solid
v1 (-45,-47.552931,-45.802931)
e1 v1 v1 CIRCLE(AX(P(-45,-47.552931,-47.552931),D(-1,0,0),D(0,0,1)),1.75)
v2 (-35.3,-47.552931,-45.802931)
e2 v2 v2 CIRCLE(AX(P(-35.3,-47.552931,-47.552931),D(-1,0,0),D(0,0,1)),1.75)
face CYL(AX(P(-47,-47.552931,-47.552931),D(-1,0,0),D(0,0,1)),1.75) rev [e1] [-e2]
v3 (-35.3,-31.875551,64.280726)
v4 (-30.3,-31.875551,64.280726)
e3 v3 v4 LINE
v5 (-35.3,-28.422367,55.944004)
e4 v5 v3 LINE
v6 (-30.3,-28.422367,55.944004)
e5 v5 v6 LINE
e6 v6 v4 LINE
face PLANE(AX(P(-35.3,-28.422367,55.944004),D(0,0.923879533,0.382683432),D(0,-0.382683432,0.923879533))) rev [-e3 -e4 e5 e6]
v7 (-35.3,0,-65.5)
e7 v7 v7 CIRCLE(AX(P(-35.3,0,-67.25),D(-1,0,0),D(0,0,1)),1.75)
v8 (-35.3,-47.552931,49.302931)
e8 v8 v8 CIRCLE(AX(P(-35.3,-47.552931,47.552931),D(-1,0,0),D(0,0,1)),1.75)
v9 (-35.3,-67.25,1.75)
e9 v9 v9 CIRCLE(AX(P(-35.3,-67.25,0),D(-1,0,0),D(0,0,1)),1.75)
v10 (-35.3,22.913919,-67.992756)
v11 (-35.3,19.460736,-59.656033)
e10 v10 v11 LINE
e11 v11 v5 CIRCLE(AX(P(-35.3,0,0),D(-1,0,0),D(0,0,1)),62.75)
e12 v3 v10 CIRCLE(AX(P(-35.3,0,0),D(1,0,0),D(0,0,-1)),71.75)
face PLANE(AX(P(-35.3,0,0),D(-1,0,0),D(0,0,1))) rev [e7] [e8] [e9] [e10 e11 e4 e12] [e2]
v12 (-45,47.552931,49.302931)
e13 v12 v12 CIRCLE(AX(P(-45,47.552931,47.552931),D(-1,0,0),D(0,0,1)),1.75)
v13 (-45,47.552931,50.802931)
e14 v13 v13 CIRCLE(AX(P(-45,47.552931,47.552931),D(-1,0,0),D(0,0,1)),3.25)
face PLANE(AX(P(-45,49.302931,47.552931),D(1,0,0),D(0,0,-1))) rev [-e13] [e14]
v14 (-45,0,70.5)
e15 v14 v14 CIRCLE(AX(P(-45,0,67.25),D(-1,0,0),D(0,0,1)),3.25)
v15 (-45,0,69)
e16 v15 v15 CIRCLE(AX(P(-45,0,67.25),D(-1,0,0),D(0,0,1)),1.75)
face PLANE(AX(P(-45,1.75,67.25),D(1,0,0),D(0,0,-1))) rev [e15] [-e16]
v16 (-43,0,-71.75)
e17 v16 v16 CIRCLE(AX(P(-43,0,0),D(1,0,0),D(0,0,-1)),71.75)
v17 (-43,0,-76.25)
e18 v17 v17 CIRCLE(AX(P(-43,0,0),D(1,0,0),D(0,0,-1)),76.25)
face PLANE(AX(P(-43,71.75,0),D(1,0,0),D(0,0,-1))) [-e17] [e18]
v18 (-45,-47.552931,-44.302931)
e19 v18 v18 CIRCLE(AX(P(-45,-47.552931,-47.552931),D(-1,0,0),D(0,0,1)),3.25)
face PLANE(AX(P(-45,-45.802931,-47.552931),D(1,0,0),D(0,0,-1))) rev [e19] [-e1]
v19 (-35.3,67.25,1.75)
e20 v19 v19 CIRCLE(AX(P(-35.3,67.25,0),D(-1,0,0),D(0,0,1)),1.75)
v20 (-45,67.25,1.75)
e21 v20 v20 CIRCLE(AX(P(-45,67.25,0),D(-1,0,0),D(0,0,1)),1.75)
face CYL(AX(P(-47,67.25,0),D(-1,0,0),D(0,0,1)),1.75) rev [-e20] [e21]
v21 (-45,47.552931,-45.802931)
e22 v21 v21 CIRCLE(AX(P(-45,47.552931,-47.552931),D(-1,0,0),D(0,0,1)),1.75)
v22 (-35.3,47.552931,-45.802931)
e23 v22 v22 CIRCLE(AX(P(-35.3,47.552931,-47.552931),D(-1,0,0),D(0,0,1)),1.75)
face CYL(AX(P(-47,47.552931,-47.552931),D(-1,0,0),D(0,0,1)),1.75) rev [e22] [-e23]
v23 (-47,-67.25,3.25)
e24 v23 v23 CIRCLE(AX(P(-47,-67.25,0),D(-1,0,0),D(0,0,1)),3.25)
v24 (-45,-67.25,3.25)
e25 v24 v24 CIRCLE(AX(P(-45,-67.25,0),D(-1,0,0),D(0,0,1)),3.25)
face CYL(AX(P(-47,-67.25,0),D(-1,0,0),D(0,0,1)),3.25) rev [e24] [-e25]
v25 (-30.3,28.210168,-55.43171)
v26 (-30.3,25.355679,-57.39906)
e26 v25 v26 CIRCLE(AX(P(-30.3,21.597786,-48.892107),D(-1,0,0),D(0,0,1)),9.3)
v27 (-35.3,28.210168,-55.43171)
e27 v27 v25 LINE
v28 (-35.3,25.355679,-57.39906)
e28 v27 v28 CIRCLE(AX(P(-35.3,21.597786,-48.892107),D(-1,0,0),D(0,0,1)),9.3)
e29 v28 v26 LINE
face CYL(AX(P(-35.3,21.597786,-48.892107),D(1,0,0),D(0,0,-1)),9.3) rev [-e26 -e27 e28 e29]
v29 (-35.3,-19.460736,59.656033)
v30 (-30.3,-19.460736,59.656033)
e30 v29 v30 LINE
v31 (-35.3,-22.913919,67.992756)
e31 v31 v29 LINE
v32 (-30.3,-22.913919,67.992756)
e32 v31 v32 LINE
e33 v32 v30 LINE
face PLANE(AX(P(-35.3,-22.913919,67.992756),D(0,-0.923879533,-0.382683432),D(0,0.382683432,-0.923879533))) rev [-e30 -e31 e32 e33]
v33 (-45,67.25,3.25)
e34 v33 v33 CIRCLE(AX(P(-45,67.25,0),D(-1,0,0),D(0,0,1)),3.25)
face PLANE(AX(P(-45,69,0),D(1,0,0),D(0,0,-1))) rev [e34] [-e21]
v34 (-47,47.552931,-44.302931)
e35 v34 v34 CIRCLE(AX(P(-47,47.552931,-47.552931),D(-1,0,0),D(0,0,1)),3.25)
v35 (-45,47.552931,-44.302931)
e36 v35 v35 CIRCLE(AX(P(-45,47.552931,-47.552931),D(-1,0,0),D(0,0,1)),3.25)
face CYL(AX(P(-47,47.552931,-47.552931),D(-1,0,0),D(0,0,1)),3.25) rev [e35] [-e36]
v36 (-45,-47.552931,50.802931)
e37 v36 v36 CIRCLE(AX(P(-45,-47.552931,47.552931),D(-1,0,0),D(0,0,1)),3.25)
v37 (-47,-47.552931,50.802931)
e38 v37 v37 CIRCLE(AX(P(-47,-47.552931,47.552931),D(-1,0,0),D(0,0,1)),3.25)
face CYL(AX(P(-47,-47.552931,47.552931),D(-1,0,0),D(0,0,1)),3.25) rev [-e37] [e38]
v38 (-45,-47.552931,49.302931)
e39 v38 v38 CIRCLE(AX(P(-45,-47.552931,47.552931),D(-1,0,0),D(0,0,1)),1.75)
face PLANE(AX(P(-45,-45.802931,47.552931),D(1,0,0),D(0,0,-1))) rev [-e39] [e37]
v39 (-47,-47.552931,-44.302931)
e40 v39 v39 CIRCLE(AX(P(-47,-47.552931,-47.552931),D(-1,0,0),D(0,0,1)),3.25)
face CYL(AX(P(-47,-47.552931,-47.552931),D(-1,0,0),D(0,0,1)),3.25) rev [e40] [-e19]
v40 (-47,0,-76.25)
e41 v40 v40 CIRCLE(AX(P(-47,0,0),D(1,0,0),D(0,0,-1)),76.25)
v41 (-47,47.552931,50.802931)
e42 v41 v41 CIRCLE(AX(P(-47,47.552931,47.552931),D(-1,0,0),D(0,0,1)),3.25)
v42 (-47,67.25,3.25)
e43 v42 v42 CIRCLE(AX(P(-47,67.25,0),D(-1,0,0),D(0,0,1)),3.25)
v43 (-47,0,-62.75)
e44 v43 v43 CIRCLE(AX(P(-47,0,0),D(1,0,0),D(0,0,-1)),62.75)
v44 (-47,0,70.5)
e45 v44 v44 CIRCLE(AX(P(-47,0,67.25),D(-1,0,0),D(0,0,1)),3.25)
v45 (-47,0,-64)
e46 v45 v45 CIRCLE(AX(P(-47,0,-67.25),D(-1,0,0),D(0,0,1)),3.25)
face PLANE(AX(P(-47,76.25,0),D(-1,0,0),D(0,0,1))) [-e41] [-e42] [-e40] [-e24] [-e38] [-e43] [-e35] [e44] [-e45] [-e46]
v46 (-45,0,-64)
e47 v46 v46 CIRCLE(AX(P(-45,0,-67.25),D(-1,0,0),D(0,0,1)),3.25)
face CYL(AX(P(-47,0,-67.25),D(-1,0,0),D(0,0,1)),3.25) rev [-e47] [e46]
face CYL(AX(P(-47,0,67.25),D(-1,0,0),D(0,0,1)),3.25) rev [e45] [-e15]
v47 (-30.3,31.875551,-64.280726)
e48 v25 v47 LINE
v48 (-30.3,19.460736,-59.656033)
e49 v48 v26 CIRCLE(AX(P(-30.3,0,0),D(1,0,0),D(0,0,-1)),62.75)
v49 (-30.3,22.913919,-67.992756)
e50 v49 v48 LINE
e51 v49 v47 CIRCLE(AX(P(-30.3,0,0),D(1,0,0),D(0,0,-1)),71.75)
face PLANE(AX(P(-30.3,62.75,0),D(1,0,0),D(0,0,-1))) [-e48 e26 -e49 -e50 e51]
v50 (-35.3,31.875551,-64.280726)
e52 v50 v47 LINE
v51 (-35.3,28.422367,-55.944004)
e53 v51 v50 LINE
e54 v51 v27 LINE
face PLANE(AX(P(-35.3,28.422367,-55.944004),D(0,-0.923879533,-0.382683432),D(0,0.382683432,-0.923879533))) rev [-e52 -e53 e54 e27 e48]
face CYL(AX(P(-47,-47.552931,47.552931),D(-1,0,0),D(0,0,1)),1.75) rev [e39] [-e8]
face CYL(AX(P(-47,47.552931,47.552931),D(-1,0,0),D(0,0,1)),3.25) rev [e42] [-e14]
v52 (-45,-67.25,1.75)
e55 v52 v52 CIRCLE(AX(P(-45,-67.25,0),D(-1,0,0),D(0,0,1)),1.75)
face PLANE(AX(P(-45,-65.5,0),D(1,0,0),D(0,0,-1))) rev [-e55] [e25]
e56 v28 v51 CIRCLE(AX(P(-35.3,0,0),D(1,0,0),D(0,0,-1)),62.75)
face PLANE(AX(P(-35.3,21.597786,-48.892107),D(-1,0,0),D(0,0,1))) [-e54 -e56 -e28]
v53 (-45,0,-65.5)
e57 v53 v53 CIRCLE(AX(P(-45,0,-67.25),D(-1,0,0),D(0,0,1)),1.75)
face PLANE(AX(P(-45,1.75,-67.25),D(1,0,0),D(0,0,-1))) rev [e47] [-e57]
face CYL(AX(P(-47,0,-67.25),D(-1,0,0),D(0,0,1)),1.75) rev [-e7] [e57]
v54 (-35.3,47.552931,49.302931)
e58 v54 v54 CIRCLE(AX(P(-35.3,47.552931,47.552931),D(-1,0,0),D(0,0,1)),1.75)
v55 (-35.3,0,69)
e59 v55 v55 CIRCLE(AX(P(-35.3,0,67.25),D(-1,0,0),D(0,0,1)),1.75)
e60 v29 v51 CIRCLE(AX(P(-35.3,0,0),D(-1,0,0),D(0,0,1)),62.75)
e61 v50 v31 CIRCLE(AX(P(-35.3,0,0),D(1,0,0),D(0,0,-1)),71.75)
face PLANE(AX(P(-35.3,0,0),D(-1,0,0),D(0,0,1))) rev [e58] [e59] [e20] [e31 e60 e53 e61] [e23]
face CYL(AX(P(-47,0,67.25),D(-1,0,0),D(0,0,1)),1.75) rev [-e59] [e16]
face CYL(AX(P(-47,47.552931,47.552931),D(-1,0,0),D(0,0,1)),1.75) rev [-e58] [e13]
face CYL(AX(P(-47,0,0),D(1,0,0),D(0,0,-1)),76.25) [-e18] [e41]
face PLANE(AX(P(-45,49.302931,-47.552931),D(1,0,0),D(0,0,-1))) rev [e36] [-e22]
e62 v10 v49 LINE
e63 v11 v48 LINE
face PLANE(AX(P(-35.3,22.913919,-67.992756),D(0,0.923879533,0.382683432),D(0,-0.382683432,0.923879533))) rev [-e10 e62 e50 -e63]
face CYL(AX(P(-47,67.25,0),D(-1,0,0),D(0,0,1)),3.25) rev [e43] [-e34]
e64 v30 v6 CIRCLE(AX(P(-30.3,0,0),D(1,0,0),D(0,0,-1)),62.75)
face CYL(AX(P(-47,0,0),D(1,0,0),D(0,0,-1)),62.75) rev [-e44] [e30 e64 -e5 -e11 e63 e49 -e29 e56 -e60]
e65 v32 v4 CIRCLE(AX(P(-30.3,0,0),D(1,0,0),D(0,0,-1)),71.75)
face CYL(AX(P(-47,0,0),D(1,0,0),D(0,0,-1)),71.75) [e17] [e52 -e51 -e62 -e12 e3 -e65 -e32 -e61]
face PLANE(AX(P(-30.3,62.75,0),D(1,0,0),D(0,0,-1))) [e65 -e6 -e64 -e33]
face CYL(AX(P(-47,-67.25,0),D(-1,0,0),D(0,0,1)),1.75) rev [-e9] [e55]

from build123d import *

# Parameters (mm, degrees)
CUT_EXTRUDE_1_DEPTH       = 5
CUT_EXTRUDE_2_DEPTH       = 5
EXTRUDE_1_DEPTH           = 5
HOLE_WIZARD_1_D           = 3.5
HOLE_WIZARD_1_DEPTH       = 16.7
HOLE_WIZARD_1_CBORE_D     = 6.5
HOLE_WIZARD_1_CBORE_DEPTH = 2
HOLE_WIZARD_2_D           = 3.5
HOLE_WIZARD_2_DEPTH       = 16.7
HOLE_WIZARD_2_CBORE_D     = 6.5
HOLE_WIZARD_2_CBORE_DEPTH = 2
HOLE_WIZARD_3_D           = 3.5
HOLE_WIZARD_3_DEPTH       = 16.7
HOLE_WIZARD_3_CBORE_D     = 6.5
HOLE_WIZARD_3_CBORE_DEPTH = 2
HOLE_WIZARD_4_D           = 3.5
HOLE_WIZARD_4_DEPTH       = 16.7
HOLE_WIZARD_4_CBORE_D     = 6.5
HOLE_WIZARD_4_CBORE_DEPTH = 2
HOLE_WIZARD_5_D           = 3.5
HOLE_WIZARD_5_DEPTH       = 16.7
HOLE_WIZARD_5_CBORE_D     = 6.5
HOLE_WIZARD_5_CBORE_DEPTH = 2
HOLE_WIZARD_6_D           = 3.5
HOLE_WIZARD_6_DEPTH       = 16.7
HOLE_WIZARD_6_CBORE_D     = 6.5
HOLE_WIZARD_6_CBORE_DEPTH = 2
HOLE_WIZARD_7_D           = 3.5
HOLE_WIZARD_7_DEPTH       = 16.7
HOLE_WIZARD_7_CBORE_D     = 6.5
HOLE_WIZARD_7_CBORE_DEPTH = 2
HOLE_WIZARD_8_D           = 3.5
HOLE_WIZARD_8_DEPTH       = 16.7
HOLE_WIZARD_8_CBORE_D     = 6.5
HOLE_WIZARD_8_CBORE_DEPTH = 2


with BuildPart() as part:
    # 草图2 → 旋转1 (revolve)
    with BuildSketch(Plane.XY, mode=Mode.PRIVATE) as revolve_1_sk:
        Polygon((-30.3, 71.75), (-43, 71.75), (-43, 76.25), (-47, 76.25), (-47, 62.75), (-30.3, 62.75), align=None)
    revolve(revolve_1_sk.sketch.rotate(Axis((-47, 0, 0), (1, 0, 0)), 270), axis=Axis((-47, 0, 0), (1, 0, 0)))

    # 草图3 → 切除-拉伸1 (cut)
    with BuildSketch(Plane(origin=(-30.3, 0, 0), x_dir=(0, 0, -1), z_dir=(1, 0, 0))):
        with BuildLine():
            Line((55.944003631, 28.422367209), (64.280726218, 31.87555077))
            ThreePointArc((64.280726218, 31.87555077), (-27.457536272, 66.288356458), (-67.992755512, -22.913919305))
            Line((-67.992755512, -22.913919305), (-59.656032925, -19.460735743))
            ThreePointArc((-59.656032925, -19.460735743), (-24.013385381, 57.973440665), (55.944003631, 28.422367209))
        make_face()
    extrude(amount=-CUT_EXTRUDE_1_DEPTH, mode=Mode.SUBTRACT)

    # 草图4 → 切除-拉伸2 (cut)
    with BuildSketch(Plane(origin=(-30.3, 0, 0), x_dir=(0, 0, -1), z_dir=(1, 0, 0))):
        with BuildLine():
            Line((-55.944003631, -28.422367209), (-64.280726218, -31.87555077))
            ThreePointArc((-64.280726218, -31.87555077), (27.457536272, -66.288356458), (67.992755512, 22.913919305))
            Line((67.992755512, 22.913919305), (59.656032925, 19.460735743))
            ThreePointArc((59.656032925, 19.460735743), (24.013385381, -57.973440665), (-55.944003631, -28.422367209))
        make_face()
    extrude(amount=-CUT_EXTRUDE_2_DEPTH, mode=Mode.SUBTRACT)

    # 草图5 → 凸台-拉伸1 (add)
    with BuildSketch(Plane(origin=(-30.3, 0, 0), x_dir=(0, 0, -1), z_dir=(1, 0, 0))):
        with BuildLine():
            Line((55.944003631, 28.422367209), (55.431709583, 28.210168066))
            ThreePointArc((55.431709583, 28.210168066), (56.54956954, 26.875405525), (57.39905958, 25.355679036))
            ThreePointArc((57.39905958, 25.355679036), (56.692271418, 26.898863571), (55.944003631, 28.422367209))
        make_face()
    extrude(amount=-EXTRUDE_1_DEPTH)

    # 孔1
    with Locations(Plane.ZY.offset(47)):
        with Locations((-67.25, 0)):
            CounterBoreHole(HOLE_WIZARD_1_D / 2, HOLE_WIZARD_1_CBORE_D / 2, HOLE_WIZARD_1_CBORE_DEPTH, depth=HOLE_WIZARD_1_DEPTH)

    # 孔2
    with Locations(Plane.ZY.offset(47)):
        with Locations((-47.552931035, 47.552931035)):
            CounterBoreHole(HOLE_WIZARD_2_D / 2, HOLE_WIZARD_2_CBORE_D / 2, HOLE_WIZARD_2_CBORE_DEPTH, depth=HOLE_WIZARD_2_DEPTH)

    # 孔3
    with Locations(Plane.ZY.offset(47)):
        with Locations((0, 67.25)):
            CounterBoreHole(HOLE_WIZARD_3_D / 2, HOLE_WIZARD_3_CBORE_D / 2, HOLE_WIZARD_3_CBORE_DEPTH, depth=HOLE_WIZARD_3_DEPTH)

    # 孔4
    with Locations(Plane.ZY.offset(47)):
        with Locations((47.552931035, 47.552931035)):
            CounterBoreHole(HOLE_WIZARD_4_D / 2, HOLE_WIZARD_4_CBORE_D / 2, HOLE_WIZARD_4_CBORE_DEPTH, depth=HOLE_WIZARD_4_DEPTH)

    # 孔5
    with Locations(Plane.ZY.offset(47)):
        with Locations((67.25, 0)):
            CounterBoreHole(HOLE_WIZARD_5_D / 2, HOLE_WIZARD_5_CBORE_D / 2, HOLE_WIZARD_5_CBORE_DEPTH, depth=HOLE_WIZARD_5_DEPTH)

    # 孔6
    with Locations(Plane.ZY.offset(47)):
        with Locations((47.552931035, -47.552931035)):
            CounterBoreHole(HOLE_WIZARD_6_D / 2, HOLE_WIZARD_6_CBORE_D / 2, HOLE_WIZARD_6_CBORE_DEPTH, depth=HOLE_WIZARD_6_DEPTH)

    # 孔7
    with Locations(Plane.ZY.offset(47)):
        with Locations((0, -67.25)):
            CounterBoreHole(HOLE_WIZARD_7_D / 2, HOLE_WIZARD_7_CBORE_D / 2, HOLE_WIZARD_7_CBORE_DEPTH, depth=HOLE_WIZARD_7_DEPTH)

    # 孔8
    with Locations(Plane.ZY.offset(47)):
        with Locations((-47.552931035, -47.552931035)):
            CounterBoreHole(HOLE_WIZARD_8_D / 2, HOLE_WIZARD_8_CBORE_D / 2, HOLE_WIZARD_8_CBORE_DEPTH, depth=HOLE_WIZARD_8_DEPTH)


solid = part.part
